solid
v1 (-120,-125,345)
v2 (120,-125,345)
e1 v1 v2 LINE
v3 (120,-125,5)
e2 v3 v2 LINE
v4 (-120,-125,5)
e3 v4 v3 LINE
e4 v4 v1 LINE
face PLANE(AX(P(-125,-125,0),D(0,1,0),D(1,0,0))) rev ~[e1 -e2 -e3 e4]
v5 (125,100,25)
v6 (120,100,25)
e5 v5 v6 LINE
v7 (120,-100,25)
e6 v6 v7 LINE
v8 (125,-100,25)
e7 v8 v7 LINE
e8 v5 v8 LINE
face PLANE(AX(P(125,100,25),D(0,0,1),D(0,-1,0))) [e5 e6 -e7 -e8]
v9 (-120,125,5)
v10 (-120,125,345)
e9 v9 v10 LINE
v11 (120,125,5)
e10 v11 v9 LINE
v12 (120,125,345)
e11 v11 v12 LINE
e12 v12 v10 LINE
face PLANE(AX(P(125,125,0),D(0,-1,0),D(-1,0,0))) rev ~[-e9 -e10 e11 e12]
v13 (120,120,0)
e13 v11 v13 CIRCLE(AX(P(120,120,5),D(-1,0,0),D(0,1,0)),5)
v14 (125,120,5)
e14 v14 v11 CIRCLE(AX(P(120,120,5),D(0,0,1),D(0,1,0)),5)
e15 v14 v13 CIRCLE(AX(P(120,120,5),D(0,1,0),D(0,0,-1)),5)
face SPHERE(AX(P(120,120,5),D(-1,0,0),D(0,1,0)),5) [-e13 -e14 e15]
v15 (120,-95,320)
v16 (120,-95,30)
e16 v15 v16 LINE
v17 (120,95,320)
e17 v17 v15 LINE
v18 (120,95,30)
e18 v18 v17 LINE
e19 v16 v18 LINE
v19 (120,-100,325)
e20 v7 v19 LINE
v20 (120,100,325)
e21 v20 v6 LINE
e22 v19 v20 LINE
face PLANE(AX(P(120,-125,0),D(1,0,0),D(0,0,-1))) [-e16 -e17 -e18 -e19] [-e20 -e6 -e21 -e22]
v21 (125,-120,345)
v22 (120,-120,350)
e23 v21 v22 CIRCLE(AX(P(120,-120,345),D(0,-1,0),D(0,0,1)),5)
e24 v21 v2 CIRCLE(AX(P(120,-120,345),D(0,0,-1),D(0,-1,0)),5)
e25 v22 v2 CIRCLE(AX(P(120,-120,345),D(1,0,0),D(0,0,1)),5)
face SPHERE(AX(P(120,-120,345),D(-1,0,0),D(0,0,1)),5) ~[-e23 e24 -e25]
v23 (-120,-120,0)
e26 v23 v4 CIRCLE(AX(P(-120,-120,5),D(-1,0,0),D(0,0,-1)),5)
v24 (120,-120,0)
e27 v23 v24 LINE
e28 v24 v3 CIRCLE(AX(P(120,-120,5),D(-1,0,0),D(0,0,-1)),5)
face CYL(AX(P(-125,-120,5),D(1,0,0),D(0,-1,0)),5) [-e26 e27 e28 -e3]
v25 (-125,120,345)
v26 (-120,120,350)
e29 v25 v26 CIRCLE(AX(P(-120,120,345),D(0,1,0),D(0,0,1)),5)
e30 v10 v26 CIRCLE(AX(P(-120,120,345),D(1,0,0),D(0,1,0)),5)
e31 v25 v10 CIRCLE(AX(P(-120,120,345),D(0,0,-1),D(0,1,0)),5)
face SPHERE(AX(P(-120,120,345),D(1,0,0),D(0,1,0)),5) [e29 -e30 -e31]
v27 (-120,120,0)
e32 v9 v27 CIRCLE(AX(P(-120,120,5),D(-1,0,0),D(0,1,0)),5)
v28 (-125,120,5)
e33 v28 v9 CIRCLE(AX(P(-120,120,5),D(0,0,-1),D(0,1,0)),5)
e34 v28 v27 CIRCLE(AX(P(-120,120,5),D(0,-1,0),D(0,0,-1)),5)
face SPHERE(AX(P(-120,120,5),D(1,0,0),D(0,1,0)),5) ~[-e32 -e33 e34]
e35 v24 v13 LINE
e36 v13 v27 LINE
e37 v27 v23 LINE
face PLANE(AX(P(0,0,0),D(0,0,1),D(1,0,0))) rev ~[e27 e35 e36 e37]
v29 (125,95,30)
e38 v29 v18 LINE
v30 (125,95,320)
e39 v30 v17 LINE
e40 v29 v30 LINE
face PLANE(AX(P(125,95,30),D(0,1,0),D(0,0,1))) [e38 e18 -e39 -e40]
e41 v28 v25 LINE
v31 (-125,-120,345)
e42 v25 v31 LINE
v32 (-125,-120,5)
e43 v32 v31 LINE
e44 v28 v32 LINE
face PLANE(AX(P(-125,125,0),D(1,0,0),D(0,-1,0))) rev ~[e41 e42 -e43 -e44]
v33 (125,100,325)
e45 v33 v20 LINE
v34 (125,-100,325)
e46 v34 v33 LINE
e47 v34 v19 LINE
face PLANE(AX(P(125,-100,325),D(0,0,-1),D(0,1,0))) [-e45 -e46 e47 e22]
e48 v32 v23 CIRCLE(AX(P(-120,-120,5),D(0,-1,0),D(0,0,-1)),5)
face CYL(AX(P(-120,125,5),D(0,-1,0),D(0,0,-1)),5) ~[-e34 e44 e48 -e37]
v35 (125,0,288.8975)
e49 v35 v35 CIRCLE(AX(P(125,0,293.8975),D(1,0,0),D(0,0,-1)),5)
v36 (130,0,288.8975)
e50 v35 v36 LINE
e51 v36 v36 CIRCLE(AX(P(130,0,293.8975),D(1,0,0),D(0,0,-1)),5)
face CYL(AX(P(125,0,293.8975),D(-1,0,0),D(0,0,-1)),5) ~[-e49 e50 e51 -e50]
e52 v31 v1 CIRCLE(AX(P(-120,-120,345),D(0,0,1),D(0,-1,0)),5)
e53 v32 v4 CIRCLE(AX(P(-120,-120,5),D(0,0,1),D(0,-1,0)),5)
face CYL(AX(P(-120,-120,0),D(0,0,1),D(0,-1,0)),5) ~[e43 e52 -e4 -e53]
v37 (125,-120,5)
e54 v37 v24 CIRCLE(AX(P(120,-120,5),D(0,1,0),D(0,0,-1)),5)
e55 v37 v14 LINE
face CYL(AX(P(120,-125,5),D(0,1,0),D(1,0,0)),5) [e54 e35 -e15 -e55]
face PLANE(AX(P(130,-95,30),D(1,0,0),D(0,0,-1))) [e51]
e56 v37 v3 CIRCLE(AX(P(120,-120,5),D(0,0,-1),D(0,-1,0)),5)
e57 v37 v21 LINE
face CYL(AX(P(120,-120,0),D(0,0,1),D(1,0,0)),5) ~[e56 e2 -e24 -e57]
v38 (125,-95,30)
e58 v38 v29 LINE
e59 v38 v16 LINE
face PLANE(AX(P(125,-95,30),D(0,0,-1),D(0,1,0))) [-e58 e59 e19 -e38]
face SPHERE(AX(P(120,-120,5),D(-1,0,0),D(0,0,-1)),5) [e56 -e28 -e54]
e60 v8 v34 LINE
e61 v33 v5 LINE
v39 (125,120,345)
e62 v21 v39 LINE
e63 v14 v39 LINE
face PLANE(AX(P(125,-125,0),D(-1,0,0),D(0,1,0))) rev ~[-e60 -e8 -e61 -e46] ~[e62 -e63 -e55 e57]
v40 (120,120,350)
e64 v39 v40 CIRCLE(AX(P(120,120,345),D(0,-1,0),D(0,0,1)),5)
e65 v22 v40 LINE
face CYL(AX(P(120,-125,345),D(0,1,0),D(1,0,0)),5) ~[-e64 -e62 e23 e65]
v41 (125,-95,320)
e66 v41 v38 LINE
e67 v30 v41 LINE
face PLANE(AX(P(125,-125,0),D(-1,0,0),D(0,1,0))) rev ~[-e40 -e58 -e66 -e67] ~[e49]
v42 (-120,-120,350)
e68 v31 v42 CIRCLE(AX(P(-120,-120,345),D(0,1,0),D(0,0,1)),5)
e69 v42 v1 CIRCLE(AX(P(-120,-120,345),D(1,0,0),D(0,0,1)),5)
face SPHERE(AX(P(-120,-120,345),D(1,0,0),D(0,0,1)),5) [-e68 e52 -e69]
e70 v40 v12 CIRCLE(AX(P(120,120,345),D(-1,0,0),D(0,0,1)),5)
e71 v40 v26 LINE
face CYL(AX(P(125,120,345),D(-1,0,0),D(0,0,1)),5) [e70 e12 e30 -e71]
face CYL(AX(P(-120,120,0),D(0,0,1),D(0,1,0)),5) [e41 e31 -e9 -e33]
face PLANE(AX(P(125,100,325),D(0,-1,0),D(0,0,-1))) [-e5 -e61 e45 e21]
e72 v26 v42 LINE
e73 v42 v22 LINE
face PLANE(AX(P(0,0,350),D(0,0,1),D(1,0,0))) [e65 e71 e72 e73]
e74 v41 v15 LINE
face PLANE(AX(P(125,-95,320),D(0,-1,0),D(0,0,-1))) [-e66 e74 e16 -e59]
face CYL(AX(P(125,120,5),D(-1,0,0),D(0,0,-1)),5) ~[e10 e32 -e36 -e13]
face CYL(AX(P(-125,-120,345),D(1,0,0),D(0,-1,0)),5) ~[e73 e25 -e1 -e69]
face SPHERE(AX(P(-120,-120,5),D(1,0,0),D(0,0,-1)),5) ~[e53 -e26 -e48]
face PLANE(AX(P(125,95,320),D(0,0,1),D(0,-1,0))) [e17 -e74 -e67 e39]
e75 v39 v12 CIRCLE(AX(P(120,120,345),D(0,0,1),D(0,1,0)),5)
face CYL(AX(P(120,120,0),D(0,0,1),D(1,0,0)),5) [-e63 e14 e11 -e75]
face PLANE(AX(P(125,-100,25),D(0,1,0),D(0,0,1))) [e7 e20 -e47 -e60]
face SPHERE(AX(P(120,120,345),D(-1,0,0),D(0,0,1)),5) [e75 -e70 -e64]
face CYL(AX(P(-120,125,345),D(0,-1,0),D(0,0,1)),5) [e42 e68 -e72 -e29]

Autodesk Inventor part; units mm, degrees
ref_plane "YZ Plane" through (0, 0, 0) normal (1, 0, 0) x (0, 1, 0)
ref_plane "XZ Plane" through (0, 0, 0) normal (0, 1, 0) x (-1, 0, 0)
ref_plane "XY Plane" through (0, 0, 0) normal (0, 0, 1) x (1, 0, 0)
sketch "Boceto1" plane through (0, 0, 0) normal (0, 0, 1) x (1, 0, 0)
  line L0 (125, 125) -> (-125, 125)
  line L1 (-125, 125) -> (-125, -125)
  line L2 (-125, -125) -> (125, -125)
  line L3 (125, -125) -> (125, 125)
  line L4 (125, 125) -> (-125, -125) construction
  line L5 (-125, 125) -> (125, -125) construction
  point P0 (0, 0)
  dimension "d0" = 250
  dimension "d1" = 250
extrude "Extrusión1" add sketch "Boceto1" along normal blind 350
sketch "Boceto2" plane through (125, -125, 0) normal (1, 0, 0) x (0, 0, -1)
  line L0 (0, 0) -> (0, 250) projected
  line L1 (0, 250) -> (-350, 250) projected
  line L2 (-350, 0) -> (-350, 250) projected
  line L3 (0, 0) -> (-350, 0) projected
  line L4 (-325, 225) -> (-25, 225)
  line L5 (-25, 225) -> (-25, 25)
  line L6 (-25, 25) -> (-325, 25)
  line L7 (-325, 25) -> (-325, 225)
  line L8 (-30, 220) -> (-320, 220)
  line L9 (-320, 220) -> (-320, 30)
  line L10 (-320, 30) -> (-30, 30)
  line L11 (-30, 30) -> (-30, 220)
  point P0 (0, 125)
  dimension "d4" = 25
  dimension "d5" = 5
extrude "Extrusión2" cut sketch "Boceto2" against normal blind 5 contours L4 L5 L6 L7
sketch "Boceto3" plane through (125, -95, 30) normal (1, 0, 0) x (0, 0, -1)
  line L0 (-290, 0) -> (0, 0) projected
  line L1 (0, 0) -> (0, 190) projected
  line L2 (0, 190) -> (-290, 190) projected
  line L3 (-290, 190) -> (-290, 0) projected
  circle A0 centre (-263.8975, 95) radius 5
  point P0 (30, 95)
  dimension "d8" = 10
extrude "Extrusión3" add sketch "Boceto3" along normal blind 5 contours A0
fillet "Empalme1" radius 5 12 edges at (0, 125, 350) (0, 125, 0) (0, -125, 350) (0, -125, 0) (-125, 125, 175) (-125, 0, 0) (-125, 0, 350) (-125, -125, 175) (125, 0, 350) (125, 125, 175) (125, 0, 0) (125, -125, 175)
